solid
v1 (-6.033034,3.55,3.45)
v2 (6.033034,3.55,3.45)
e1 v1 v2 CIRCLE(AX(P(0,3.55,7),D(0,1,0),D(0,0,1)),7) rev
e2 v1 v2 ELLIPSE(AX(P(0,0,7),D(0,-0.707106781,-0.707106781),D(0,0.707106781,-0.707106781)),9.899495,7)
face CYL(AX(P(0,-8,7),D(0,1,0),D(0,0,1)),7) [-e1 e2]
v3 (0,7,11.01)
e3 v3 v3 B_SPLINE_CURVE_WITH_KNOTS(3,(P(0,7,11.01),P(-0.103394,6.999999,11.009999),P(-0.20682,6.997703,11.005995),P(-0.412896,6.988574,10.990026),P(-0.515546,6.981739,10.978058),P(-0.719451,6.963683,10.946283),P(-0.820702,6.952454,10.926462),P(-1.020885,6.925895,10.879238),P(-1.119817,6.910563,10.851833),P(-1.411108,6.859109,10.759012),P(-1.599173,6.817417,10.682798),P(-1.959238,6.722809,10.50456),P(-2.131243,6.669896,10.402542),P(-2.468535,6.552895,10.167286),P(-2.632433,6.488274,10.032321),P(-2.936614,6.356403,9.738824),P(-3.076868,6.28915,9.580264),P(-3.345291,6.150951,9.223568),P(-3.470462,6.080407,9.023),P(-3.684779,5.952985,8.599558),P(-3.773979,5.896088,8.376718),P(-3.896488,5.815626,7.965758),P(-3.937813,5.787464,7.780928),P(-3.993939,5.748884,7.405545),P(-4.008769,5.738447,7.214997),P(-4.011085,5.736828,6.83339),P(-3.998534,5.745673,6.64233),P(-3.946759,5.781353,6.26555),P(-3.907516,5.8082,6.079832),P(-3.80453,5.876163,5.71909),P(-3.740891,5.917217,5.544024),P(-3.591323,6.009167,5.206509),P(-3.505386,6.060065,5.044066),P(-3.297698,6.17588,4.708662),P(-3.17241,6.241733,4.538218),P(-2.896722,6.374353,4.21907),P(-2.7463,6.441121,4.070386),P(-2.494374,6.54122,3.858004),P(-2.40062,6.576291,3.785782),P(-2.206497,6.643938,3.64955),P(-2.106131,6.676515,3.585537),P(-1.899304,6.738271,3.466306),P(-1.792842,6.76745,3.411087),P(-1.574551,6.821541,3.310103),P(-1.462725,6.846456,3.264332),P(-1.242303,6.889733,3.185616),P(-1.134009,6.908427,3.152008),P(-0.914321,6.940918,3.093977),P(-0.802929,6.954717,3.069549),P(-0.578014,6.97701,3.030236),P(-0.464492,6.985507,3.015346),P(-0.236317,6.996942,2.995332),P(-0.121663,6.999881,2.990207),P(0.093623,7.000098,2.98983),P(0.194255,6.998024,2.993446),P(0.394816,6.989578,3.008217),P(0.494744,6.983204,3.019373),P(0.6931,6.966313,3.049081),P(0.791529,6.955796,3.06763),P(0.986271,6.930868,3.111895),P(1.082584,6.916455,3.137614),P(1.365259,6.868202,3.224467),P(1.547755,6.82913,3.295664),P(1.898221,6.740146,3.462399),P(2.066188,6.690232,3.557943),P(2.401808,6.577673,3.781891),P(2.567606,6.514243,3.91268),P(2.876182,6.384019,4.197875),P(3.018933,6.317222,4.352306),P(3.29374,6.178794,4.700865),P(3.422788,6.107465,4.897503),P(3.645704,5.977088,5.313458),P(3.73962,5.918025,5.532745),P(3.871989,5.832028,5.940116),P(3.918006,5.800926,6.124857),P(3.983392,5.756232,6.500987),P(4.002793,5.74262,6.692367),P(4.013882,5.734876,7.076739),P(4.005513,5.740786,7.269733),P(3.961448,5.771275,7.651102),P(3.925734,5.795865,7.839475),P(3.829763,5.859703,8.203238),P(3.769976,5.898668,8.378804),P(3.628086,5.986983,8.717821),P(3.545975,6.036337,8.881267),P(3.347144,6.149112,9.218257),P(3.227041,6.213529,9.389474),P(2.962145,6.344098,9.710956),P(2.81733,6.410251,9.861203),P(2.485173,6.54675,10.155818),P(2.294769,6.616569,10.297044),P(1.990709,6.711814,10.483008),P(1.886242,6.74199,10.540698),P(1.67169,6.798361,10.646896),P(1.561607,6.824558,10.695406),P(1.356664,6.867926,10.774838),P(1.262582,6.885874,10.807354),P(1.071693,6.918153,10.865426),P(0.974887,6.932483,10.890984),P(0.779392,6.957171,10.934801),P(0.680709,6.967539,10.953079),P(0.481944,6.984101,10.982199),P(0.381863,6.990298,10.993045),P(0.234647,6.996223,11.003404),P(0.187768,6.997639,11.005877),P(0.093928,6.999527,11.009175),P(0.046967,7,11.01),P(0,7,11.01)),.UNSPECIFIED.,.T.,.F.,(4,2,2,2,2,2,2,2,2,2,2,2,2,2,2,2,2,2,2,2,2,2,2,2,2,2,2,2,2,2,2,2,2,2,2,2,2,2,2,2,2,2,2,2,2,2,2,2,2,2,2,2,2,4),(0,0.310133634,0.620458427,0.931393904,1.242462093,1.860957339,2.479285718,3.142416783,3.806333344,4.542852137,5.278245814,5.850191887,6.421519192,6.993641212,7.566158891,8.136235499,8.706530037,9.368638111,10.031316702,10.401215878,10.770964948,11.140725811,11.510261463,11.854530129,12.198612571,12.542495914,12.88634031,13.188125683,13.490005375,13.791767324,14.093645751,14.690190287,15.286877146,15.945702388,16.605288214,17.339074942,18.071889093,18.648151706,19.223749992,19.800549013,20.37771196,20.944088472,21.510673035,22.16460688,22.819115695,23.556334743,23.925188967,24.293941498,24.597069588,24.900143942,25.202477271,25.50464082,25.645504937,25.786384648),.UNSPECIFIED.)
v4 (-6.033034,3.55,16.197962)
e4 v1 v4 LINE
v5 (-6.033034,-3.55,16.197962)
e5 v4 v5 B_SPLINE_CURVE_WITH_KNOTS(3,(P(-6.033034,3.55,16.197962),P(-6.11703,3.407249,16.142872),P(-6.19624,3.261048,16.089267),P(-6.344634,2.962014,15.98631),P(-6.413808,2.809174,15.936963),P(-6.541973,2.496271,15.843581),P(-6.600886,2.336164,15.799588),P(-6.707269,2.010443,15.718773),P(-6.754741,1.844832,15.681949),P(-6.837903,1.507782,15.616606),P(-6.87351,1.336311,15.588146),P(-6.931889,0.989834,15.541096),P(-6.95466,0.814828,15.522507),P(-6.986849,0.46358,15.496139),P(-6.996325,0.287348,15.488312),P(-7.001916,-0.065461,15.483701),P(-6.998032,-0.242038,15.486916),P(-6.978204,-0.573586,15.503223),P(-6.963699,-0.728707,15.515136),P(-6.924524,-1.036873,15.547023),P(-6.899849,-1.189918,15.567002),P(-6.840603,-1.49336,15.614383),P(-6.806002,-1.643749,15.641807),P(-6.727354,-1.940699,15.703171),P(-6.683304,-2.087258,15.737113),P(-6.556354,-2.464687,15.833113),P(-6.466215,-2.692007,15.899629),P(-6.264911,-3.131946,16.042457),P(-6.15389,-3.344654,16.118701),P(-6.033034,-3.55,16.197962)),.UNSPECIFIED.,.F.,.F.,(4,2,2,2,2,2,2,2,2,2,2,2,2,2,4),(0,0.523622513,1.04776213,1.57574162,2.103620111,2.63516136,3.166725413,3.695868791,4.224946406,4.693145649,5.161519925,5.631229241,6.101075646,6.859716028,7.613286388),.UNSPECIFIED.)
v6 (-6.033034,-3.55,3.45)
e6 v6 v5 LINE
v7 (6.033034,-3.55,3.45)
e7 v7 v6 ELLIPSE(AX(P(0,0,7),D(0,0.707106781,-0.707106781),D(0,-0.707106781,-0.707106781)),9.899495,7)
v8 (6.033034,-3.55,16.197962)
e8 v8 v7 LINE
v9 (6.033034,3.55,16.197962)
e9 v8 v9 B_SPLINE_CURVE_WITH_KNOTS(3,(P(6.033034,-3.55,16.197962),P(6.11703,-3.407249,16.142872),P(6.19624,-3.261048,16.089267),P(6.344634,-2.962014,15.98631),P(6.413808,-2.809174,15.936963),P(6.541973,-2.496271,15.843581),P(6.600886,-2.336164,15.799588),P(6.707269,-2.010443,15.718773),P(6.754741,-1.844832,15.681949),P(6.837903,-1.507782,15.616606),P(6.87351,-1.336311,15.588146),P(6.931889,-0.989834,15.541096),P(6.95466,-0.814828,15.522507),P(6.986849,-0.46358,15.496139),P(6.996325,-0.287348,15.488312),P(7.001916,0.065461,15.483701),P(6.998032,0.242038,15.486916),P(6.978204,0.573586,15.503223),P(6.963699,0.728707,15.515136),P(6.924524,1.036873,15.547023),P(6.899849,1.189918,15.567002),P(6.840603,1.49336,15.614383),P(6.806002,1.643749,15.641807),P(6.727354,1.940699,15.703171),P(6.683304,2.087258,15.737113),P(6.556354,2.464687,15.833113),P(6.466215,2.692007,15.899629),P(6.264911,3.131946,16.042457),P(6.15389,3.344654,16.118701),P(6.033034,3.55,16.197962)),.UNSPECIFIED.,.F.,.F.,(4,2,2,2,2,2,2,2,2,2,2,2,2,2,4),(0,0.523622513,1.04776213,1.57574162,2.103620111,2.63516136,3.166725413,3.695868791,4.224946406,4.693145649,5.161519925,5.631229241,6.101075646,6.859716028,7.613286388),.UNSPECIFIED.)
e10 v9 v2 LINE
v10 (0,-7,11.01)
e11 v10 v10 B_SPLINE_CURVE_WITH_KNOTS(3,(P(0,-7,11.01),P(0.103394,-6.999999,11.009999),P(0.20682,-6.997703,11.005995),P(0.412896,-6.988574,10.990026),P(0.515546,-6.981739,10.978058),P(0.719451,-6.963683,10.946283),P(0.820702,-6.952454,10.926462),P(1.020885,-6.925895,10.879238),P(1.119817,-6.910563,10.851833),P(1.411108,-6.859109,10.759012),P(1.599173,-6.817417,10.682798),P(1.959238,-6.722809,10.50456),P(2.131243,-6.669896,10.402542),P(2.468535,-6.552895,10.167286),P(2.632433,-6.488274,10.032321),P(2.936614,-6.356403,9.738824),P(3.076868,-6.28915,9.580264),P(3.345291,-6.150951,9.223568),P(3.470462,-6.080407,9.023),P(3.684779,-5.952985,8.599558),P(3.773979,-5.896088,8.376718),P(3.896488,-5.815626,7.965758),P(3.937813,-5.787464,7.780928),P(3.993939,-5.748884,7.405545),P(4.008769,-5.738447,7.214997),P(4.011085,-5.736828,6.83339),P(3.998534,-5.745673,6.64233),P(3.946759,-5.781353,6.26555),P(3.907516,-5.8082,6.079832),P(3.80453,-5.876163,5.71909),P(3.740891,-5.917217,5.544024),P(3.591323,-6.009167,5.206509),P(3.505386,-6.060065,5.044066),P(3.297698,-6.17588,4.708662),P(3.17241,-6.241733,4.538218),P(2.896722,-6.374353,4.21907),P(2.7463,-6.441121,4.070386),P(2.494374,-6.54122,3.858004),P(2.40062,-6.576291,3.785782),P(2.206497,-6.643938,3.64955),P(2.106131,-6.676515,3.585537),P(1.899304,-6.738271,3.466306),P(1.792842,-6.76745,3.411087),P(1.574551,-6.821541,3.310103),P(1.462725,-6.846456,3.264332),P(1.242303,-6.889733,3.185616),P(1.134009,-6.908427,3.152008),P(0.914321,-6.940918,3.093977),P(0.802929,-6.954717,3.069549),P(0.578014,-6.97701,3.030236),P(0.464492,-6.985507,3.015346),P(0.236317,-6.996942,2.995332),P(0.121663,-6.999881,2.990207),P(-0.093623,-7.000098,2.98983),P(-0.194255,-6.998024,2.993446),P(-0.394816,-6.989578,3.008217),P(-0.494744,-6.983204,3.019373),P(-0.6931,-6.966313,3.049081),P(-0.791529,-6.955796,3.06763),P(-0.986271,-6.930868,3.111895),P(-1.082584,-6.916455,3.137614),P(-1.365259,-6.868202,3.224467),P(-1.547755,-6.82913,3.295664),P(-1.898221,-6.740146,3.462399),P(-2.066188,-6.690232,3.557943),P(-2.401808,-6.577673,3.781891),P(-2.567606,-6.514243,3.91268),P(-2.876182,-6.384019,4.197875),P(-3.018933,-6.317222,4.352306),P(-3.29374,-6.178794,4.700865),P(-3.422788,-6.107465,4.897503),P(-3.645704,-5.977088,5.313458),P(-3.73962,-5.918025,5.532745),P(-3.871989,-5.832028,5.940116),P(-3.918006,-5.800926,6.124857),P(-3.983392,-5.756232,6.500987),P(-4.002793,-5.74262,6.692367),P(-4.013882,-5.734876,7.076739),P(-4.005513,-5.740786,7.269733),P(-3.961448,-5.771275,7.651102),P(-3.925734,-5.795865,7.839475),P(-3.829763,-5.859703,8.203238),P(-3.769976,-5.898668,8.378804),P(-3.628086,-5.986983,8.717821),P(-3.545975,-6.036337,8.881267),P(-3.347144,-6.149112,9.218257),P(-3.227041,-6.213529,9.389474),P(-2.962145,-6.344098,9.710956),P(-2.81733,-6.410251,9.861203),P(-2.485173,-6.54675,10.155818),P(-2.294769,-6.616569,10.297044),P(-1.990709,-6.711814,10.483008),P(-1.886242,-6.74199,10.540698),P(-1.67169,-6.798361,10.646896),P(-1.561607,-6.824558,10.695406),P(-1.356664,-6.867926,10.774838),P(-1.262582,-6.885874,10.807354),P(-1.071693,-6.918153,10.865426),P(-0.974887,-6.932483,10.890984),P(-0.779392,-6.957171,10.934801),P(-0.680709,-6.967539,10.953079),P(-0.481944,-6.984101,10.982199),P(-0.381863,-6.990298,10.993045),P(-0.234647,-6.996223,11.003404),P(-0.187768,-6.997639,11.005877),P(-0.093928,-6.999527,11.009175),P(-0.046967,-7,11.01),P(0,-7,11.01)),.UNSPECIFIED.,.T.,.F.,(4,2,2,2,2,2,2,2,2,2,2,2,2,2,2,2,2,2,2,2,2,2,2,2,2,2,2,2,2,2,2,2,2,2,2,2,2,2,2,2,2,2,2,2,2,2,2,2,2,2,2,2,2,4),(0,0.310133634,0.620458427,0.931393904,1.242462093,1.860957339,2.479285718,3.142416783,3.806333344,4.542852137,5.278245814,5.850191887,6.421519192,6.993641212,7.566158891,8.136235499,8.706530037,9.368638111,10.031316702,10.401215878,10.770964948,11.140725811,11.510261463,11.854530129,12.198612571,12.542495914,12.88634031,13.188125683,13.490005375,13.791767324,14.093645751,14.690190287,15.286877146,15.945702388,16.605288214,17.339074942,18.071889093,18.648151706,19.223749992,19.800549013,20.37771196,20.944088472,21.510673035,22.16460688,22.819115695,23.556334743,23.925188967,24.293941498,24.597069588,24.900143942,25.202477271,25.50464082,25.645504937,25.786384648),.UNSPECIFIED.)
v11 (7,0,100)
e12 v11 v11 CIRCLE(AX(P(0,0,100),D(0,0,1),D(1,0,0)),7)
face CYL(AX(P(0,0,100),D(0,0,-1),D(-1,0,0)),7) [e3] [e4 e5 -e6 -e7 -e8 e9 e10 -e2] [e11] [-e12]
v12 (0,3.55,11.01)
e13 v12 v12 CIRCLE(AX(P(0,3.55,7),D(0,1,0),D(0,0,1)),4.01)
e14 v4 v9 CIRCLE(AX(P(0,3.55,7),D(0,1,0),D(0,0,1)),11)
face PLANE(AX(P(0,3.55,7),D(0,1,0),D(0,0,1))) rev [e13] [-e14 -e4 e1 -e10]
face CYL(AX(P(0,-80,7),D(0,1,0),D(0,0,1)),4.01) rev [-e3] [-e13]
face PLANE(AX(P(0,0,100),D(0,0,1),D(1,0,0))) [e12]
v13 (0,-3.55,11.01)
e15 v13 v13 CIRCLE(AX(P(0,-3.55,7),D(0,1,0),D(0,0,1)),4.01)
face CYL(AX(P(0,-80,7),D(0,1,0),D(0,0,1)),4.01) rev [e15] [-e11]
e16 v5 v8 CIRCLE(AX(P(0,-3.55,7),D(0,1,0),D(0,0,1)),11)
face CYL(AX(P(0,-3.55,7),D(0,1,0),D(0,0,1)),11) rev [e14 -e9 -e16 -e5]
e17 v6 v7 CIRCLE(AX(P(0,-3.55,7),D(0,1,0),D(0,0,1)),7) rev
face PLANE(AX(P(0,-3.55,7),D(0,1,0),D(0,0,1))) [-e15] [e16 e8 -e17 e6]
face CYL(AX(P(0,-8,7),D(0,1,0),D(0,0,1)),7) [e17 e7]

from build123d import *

# Parameters (mm, degrees)
SKETCH_2_R          = 7
EXTRUDE_1_DEPTH     = 100
CUT_EXTRUDE_3_DEPTH = 8
SKETCH_6_R          = 11
CUT_EXTRUDE_5_DEPTH = 3.55
SKETCH_5_R          = 4.01
CUT_EXTRUDE_6_DEPTH = 80


with BuildPart() as part:
    # 草图2 → 凸台-拉伸1 (new body)
    with BuildSketch(Plane.XY):
        Circle(SKETCH_2_R)
    extrude(amount=EXTRUDE_1_DEPTH)

    # 草图3 → 切除-拉伸3 (cut, symmetric)
    with BuildSketch(Plane(origin=(0, 0, 0), x_dir=(1, 0, 0), z_dir=(0, 1, 0))):
        with BuildLine():
            ThreePointArc((-7, -7), (0, 0), (7, -7))
            Line((7, -7), (17.530133207, -7))
            ThreePointArc((17.530133207, -7), (0, 10.530133207), (-17.530133207, -7))
            Line((-17.530133207, -7), (-7, -7))
        make_face()
    extrude(amount=CUT_EXTRUDE_3_DEPTH, both=True, mode=Mode.SUBTRACT)

    # 草图6 → 切除-拉伸5 (cut, symmetric)
    with BuildSketch(Plane(origin=(0, 0, 0), x_dir=(1, 0, 0), z_dir=(0, 1, 0))):
        with Locations((0, -7)):
            Circle(SKETCH_6_R)
    extrude(amount=CUT_EXTRUDE_5_DEPTH, both=True, mode=Mode.SUBTRACT)

    # 草图5 → 切除-拉伸6 (cut, symmetric)
    with BuildSketch(Plane(origin=(0, 0, 0), x_dir=(1, 0, 0), z_dir=(0, 1, 0))):
        with Locations(Location((0, -7, 0), (0, 0, 270))):
            Circle(SKETCH_5_R)
    extrude(amount=CUT_EXTRUDE_6_DEPTH, both=True, mode=Mode.SUBTRACT)


solid = part.part
